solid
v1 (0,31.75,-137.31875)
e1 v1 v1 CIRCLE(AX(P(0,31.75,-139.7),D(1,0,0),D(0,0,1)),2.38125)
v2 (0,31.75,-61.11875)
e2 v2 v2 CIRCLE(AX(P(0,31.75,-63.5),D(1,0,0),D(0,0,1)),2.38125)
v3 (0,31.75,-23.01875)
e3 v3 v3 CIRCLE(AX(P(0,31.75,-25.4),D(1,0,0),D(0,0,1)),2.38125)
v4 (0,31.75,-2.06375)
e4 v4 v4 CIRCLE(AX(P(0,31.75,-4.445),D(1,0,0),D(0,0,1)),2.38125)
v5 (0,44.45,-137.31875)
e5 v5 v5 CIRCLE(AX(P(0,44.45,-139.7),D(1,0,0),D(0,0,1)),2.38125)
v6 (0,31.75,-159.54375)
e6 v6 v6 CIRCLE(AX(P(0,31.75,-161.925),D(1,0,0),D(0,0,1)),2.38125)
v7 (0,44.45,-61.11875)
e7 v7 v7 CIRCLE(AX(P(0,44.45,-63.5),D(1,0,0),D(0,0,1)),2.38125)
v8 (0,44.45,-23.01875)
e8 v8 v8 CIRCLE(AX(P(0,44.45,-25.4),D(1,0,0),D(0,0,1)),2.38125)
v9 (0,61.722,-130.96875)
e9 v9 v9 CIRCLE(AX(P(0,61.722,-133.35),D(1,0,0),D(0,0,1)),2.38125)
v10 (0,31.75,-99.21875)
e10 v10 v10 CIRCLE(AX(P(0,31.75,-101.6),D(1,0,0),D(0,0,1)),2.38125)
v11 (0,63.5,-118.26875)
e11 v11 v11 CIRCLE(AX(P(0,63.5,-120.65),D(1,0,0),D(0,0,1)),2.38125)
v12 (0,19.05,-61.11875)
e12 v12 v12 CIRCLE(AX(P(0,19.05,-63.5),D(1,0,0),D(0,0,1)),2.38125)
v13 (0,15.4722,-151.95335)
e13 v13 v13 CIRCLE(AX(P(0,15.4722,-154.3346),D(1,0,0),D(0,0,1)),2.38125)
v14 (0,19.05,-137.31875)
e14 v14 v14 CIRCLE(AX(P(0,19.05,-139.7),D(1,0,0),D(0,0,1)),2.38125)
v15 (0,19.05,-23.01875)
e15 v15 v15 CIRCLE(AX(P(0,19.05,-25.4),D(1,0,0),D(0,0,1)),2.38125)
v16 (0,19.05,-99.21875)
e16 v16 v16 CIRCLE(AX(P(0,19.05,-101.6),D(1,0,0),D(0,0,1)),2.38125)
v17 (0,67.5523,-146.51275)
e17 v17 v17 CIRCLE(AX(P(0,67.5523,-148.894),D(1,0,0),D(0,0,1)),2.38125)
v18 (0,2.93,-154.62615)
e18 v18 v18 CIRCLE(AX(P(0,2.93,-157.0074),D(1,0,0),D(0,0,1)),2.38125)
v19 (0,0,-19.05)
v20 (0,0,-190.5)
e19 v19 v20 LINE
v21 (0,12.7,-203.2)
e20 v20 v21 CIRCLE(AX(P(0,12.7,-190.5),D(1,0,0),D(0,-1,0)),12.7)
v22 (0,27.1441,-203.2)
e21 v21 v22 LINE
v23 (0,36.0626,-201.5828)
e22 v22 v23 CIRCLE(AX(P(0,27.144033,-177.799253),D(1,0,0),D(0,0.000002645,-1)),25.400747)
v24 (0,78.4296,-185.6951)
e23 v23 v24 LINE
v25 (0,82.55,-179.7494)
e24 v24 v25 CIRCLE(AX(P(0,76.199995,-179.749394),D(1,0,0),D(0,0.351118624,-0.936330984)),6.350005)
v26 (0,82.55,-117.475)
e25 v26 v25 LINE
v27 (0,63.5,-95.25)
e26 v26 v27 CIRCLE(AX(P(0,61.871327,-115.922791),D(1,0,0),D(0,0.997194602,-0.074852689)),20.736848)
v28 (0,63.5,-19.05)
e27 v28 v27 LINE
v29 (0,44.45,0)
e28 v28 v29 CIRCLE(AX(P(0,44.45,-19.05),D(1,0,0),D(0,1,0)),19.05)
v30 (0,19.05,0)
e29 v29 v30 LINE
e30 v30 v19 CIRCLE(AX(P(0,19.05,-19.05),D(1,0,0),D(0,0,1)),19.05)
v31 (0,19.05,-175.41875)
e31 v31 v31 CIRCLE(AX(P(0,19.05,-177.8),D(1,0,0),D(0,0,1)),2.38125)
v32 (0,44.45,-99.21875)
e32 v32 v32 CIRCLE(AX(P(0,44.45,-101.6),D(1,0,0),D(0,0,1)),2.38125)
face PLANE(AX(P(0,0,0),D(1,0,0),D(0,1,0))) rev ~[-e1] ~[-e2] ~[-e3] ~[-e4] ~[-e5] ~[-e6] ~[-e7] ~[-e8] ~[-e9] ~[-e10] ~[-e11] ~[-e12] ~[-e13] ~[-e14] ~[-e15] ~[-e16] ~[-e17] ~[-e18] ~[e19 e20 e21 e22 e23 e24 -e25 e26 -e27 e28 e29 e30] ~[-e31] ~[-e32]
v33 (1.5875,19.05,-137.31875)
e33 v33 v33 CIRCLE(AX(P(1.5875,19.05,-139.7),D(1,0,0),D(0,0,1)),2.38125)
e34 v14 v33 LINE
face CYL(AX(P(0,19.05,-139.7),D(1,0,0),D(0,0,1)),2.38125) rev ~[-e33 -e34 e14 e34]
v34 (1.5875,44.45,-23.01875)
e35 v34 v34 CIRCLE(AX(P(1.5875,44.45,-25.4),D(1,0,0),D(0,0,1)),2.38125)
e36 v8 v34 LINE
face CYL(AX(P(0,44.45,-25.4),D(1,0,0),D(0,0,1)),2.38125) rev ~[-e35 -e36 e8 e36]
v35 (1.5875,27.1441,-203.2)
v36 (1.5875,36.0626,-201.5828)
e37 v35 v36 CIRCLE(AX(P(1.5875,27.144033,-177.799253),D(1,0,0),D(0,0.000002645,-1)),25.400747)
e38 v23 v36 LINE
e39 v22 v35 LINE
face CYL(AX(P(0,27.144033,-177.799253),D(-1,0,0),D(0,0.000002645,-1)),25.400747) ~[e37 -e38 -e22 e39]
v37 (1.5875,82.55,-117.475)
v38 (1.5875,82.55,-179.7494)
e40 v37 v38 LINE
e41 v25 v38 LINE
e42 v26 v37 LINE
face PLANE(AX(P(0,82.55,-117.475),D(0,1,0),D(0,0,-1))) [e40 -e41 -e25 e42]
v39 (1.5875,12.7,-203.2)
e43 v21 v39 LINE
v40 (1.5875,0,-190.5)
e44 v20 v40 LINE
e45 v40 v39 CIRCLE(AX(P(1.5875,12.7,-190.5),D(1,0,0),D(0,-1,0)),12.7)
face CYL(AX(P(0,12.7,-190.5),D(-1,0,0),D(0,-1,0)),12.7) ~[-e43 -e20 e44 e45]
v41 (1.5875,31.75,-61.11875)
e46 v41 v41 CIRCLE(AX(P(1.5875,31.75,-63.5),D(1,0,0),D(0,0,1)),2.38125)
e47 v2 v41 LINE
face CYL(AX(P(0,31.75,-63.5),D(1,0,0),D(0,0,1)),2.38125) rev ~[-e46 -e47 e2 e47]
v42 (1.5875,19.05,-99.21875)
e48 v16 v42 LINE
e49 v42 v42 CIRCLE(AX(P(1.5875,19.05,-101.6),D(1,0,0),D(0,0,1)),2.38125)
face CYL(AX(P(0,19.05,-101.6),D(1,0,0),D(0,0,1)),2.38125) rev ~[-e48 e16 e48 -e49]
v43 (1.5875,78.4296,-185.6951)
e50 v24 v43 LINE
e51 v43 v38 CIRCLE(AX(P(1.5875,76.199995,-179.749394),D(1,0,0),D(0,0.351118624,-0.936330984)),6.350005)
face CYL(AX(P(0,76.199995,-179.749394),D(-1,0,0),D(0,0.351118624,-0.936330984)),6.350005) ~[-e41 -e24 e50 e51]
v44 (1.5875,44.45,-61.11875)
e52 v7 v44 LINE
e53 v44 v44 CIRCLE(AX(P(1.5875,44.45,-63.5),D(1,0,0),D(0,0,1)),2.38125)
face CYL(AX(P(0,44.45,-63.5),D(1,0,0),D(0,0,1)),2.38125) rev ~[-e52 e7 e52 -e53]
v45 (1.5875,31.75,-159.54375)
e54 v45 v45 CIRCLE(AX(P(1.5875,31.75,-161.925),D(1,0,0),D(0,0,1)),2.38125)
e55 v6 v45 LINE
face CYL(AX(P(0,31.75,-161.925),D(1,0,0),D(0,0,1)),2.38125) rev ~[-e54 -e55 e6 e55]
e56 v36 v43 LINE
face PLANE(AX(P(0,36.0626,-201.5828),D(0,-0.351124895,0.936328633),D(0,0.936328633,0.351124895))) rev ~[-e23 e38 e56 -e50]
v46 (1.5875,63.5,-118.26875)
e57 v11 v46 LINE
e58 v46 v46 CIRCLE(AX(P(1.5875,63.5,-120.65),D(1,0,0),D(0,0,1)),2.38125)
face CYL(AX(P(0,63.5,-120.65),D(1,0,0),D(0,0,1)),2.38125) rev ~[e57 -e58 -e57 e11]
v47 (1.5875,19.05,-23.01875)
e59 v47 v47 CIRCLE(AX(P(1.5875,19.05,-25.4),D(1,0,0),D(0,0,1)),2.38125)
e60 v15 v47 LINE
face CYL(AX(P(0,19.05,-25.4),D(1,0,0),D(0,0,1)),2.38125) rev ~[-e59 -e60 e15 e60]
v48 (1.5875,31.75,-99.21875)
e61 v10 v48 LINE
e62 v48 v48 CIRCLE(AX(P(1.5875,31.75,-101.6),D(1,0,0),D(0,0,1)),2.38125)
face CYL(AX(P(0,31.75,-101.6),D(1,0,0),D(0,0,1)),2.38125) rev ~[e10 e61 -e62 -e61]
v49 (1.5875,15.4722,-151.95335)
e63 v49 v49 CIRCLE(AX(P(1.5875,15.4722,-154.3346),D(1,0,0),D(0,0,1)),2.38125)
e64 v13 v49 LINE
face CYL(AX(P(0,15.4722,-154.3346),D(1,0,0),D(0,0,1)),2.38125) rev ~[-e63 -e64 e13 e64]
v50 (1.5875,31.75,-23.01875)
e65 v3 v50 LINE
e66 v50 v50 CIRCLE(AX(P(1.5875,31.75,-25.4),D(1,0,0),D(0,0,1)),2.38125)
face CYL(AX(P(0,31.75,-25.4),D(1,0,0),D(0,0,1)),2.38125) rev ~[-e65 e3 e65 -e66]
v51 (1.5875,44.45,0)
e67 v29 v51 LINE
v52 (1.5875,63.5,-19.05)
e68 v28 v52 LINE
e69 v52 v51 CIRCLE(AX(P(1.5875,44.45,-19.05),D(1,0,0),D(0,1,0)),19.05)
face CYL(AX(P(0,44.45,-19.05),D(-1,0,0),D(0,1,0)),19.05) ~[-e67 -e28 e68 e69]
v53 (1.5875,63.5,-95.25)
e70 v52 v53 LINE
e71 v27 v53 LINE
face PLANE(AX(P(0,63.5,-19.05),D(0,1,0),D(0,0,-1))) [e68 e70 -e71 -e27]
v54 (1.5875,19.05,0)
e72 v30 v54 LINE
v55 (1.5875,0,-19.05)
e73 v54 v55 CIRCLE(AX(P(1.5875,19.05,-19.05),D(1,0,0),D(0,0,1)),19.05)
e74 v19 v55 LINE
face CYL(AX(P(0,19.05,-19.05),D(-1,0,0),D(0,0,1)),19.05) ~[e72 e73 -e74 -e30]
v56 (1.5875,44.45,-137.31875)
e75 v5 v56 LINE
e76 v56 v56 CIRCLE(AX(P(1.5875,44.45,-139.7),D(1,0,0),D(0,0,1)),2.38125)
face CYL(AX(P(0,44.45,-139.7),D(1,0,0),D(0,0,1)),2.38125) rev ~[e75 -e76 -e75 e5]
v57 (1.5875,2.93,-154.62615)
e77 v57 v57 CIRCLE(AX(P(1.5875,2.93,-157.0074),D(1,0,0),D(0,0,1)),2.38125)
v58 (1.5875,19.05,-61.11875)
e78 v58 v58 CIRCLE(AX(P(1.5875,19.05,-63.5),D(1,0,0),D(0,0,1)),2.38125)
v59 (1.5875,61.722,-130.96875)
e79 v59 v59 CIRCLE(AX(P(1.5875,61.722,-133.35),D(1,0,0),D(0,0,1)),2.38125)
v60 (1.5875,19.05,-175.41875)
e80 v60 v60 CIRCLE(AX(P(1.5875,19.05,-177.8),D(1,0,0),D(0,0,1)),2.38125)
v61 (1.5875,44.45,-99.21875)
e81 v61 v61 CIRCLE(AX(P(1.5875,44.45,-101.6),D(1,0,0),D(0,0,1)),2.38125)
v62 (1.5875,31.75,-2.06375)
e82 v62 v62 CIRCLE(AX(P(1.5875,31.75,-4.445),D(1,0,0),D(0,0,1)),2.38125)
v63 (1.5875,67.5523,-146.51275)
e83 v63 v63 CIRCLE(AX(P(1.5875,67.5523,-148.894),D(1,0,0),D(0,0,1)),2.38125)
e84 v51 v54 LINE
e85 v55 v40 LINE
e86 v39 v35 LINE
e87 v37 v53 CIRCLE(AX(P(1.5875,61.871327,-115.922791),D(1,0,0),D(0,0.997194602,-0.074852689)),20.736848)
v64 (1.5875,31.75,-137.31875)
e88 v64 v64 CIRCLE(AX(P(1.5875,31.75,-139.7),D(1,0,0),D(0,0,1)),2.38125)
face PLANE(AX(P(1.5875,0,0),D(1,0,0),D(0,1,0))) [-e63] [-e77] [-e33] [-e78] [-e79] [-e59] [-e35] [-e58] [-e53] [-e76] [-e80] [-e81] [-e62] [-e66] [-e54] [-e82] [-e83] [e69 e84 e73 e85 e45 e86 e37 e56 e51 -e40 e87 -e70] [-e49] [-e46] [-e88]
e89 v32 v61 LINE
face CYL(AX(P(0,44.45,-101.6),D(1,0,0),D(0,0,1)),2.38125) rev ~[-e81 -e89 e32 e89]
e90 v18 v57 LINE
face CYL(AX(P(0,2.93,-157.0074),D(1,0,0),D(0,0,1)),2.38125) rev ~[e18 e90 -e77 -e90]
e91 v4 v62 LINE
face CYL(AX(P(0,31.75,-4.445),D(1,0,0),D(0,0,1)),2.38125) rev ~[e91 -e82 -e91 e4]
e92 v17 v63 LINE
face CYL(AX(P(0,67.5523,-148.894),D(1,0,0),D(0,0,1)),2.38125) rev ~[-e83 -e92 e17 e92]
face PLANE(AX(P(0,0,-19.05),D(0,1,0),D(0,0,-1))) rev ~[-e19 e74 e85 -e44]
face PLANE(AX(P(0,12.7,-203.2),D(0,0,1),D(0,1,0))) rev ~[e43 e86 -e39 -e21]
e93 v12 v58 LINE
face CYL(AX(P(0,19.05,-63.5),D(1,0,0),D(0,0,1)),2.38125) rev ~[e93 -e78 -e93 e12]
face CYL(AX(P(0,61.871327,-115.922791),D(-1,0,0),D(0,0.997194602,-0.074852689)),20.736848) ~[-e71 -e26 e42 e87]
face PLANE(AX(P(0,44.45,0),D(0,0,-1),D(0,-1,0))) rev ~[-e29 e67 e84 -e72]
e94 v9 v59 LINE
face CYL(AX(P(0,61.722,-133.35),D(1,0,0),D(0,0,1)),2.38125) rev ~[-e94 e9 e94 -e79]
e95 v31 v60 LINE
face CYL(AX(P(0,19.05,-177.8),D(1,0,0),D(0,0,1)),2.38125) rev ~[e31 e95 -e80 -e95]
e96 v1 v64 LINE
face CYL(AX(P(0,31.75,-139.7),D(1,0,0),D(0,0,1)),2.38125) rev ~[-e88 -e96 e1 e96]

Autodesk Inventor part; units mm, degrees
ref_plane "YZ Plane" through (0, 0, 0) normal (1, 0, 0) x (0, 1, 0)
ref_plane "XZ Plane" through (0, 0, 0) normal (0, 1, 0) x (-1, 0, 0)
ref_plane "XY Plane" through (0, 0, 0) normal (0, 0, 1) x (1, 0, 0)
sketch "Sketch1" plane through (0, 0, 0) normal (1, 0, 0) x (0, 1, 0)
  line L0 (0, -19.05) -> (0, -190.5)
  line L1 (12.7, -203.2) -> (27.1441, -203.2)
  line L2 (63.5, -203.2) -> (63.5, -19.05) construction
  line L3 (0, -25.4) -> (19.05, -25.4) construction
  line L4 (19.05, -25.4) -> (19.05, -63.5) construction
  line L5 (19.05, -63.5) -> (19.05, -101.6) construction
  line L6 (19.05, -101.6) -> (19.05, -139.7) construction
  line L7 (19.05, -25.4) -> (31.75, -25.4) construction
  line L8 (31.75, -25.4) -> (44.45, -25.4) construction
  line L9 (44.45, -25.4) -> (44.45, -63.5) construction
  line L10 (44.45, -63.5) -> (44.45, -101.6) construction
  line L11 (44.45, -101.6) -> (44.45, -139.7) construction
  line L12 (31.75, -25.4) -> (31.75, -63.5) construction
  line L13 (31.75, -63.5) -> (31.75, -101.6) construction
  line L14 (31.75, -101.6) -> (31.75, -139.7) construction
  line L15 (31.75, -139.7) -> (31.75, -161.925) construction
  line L16 (44.45, 0) -> (19.05, 0)
  arc A0 (19.05, 0) -> (0, -19.05) centre (19.05, -19.05) ccw
  arc A1 (63.5, -19.05) -> (44.45, 0) centre (44.45, -19.05) ccw
  line L17 (31.75, -161.925) -> (67.5523, -148.894) construction
  line L18 (31.75, -161.925) -> (69.85, -161.925) construction
  line L19 (19.05, -139.7) -> (19.05, -177.8) construction
  line L20 (31.75, -161.925) -> (19.8159, -166.2687) construction
  line L21 (31.75, -161.925) -> (44.45, -161.925) construction
  line L22 (19.8159, -166.2687) -> (15.4722, -154.3346) construction
  line L23 (15.4722, -154.3346) -> (3.5382, -158.6782) construction
  line L24 (3.5382, -158.6782) -> (2.93, -157.0074)
  line L25 (44.45, -101.6) -> (44.45, -120.65)
  line L26 (44.45, -120.65) -> (63.5, -120.65)
  line L27 (63.5, -120.65) -> (63.5, -133.35)
  line L28 (63.5, -133.35) -> (61.722, -133.35)
  line L29 (63.5, -19.05) -> (63.5, -95.25)
  line L30 (63.5, -203.2) -> (82.55, -203.2)
  line L31 (82.55, -203.2) -> (82.55, -184.15)
  line L32 (63.5, -95.25) -> (63.5, -117.475)
  line L33 (63.5, -117.475) -> (82.55, -117.475) construction
  arc A2 (82.55, -117.475) -> (63.5, -95.25) centre (61.8713, -115.9228) ccw
  line L34 (82.55, -117.475) -> (82.55, -179.7494)
  line L35 (82.55, -203.2) -> (31.75, -203.2)
  line L36 (36.0626, -201.5828) -> (78.4296, -185.6951)
  arc A3 (0, -190.5) -> (12.7, -203.2) centre (12.7, -190.5) ccw
  arc A4 (78.4296, -185.6951) -> (82.55, -179.7494) centre (76.2, -179.7494) ccw
  arc A5 (27.1441, -203.2) -> (36.0626, -201.5828) centre (27.1441, -177.8) ccw
  line L37 (31.75, -25.4) -> (31.75, -4.445) construction
  point P0 (0, 0)
  point P1 (0, -203.2)
  point P2 (63.5, 0)
  point P3 (63.5, -134.85)
  point P4 (63.5, -181.028)
  point P5 (63.5, -191.2938)
  dimension "d0" = 203.2
  dimension "d1" = 63.5
  dimension "d13" = 38.1
  dimension "d14" = 38.1
  dimension "d15" = 38.1
  dimension "d17" = 12.7
  dimension "d18" = 12.7
  dimension "d19" = 22.225
  dimension "d28" = 19.05
  dimension "d29" = 19.05
  dimension "d31" = 38.1
  dimension "d32" = 20
  dimension "d33" = 38.1
  dimension "d34" = 38.1
  dimension "d35" = 38.1
  dimension "d36" = 38.1
  dimension "d40" = 12.7
  dimension "d41" = 160
  dimension "d42" = 12.7
  dimension "d43" = 12.7
  dimension "d44" = 1.778
  dimension "d45" = 19.05
  dimension "d46" = 19.05
  dimension "d48" = 12.7
  dimension "d49" = 1.778
  dimension "d50" = 76.2
  dimension "d51" = 19.05
  dimension "d52" = 19.05
  dimension "d53" = 22.225
  dimension "d54" = 50.8
  dimension "d55" = 12.7
  dimension "d56" = 6.35
  dimension "d57" = 25.4
  dimension "d58" = 20.955
extrude "Extrusion1" add sketch "Sketch1" along normal blind 1.5875
hole "Hole2" at (0, 19.05, -25.4) at (0, 19.05, -63.5) at (0, 19.05, -101.6) at (0, 19.05, -139.7) at (0, 44.45, -25.4) at (0, 31.75, -25.4) at (0, 31.75, -63.5) at (0, 44.45, -63.5) at (0, 31.75, -101.6) at (0, 44.45, -101.6) at (0, 31.75, -139.7) at (0, 44.45, -139.7) at (0, 31.75, -161.925) at (0, 67.5523, -148.894) at (0, 19.05, -177.8) at (0, 15.4722, -154.3346) at (0, 2.93, -157.0074) at (0, 63.5, -120.65) at (0, 61.722, -133.35) at (0, 31.75, -4.445) direction (1, 0, 0) diameter 4.7625 end through all
properties part number "dtplate"
